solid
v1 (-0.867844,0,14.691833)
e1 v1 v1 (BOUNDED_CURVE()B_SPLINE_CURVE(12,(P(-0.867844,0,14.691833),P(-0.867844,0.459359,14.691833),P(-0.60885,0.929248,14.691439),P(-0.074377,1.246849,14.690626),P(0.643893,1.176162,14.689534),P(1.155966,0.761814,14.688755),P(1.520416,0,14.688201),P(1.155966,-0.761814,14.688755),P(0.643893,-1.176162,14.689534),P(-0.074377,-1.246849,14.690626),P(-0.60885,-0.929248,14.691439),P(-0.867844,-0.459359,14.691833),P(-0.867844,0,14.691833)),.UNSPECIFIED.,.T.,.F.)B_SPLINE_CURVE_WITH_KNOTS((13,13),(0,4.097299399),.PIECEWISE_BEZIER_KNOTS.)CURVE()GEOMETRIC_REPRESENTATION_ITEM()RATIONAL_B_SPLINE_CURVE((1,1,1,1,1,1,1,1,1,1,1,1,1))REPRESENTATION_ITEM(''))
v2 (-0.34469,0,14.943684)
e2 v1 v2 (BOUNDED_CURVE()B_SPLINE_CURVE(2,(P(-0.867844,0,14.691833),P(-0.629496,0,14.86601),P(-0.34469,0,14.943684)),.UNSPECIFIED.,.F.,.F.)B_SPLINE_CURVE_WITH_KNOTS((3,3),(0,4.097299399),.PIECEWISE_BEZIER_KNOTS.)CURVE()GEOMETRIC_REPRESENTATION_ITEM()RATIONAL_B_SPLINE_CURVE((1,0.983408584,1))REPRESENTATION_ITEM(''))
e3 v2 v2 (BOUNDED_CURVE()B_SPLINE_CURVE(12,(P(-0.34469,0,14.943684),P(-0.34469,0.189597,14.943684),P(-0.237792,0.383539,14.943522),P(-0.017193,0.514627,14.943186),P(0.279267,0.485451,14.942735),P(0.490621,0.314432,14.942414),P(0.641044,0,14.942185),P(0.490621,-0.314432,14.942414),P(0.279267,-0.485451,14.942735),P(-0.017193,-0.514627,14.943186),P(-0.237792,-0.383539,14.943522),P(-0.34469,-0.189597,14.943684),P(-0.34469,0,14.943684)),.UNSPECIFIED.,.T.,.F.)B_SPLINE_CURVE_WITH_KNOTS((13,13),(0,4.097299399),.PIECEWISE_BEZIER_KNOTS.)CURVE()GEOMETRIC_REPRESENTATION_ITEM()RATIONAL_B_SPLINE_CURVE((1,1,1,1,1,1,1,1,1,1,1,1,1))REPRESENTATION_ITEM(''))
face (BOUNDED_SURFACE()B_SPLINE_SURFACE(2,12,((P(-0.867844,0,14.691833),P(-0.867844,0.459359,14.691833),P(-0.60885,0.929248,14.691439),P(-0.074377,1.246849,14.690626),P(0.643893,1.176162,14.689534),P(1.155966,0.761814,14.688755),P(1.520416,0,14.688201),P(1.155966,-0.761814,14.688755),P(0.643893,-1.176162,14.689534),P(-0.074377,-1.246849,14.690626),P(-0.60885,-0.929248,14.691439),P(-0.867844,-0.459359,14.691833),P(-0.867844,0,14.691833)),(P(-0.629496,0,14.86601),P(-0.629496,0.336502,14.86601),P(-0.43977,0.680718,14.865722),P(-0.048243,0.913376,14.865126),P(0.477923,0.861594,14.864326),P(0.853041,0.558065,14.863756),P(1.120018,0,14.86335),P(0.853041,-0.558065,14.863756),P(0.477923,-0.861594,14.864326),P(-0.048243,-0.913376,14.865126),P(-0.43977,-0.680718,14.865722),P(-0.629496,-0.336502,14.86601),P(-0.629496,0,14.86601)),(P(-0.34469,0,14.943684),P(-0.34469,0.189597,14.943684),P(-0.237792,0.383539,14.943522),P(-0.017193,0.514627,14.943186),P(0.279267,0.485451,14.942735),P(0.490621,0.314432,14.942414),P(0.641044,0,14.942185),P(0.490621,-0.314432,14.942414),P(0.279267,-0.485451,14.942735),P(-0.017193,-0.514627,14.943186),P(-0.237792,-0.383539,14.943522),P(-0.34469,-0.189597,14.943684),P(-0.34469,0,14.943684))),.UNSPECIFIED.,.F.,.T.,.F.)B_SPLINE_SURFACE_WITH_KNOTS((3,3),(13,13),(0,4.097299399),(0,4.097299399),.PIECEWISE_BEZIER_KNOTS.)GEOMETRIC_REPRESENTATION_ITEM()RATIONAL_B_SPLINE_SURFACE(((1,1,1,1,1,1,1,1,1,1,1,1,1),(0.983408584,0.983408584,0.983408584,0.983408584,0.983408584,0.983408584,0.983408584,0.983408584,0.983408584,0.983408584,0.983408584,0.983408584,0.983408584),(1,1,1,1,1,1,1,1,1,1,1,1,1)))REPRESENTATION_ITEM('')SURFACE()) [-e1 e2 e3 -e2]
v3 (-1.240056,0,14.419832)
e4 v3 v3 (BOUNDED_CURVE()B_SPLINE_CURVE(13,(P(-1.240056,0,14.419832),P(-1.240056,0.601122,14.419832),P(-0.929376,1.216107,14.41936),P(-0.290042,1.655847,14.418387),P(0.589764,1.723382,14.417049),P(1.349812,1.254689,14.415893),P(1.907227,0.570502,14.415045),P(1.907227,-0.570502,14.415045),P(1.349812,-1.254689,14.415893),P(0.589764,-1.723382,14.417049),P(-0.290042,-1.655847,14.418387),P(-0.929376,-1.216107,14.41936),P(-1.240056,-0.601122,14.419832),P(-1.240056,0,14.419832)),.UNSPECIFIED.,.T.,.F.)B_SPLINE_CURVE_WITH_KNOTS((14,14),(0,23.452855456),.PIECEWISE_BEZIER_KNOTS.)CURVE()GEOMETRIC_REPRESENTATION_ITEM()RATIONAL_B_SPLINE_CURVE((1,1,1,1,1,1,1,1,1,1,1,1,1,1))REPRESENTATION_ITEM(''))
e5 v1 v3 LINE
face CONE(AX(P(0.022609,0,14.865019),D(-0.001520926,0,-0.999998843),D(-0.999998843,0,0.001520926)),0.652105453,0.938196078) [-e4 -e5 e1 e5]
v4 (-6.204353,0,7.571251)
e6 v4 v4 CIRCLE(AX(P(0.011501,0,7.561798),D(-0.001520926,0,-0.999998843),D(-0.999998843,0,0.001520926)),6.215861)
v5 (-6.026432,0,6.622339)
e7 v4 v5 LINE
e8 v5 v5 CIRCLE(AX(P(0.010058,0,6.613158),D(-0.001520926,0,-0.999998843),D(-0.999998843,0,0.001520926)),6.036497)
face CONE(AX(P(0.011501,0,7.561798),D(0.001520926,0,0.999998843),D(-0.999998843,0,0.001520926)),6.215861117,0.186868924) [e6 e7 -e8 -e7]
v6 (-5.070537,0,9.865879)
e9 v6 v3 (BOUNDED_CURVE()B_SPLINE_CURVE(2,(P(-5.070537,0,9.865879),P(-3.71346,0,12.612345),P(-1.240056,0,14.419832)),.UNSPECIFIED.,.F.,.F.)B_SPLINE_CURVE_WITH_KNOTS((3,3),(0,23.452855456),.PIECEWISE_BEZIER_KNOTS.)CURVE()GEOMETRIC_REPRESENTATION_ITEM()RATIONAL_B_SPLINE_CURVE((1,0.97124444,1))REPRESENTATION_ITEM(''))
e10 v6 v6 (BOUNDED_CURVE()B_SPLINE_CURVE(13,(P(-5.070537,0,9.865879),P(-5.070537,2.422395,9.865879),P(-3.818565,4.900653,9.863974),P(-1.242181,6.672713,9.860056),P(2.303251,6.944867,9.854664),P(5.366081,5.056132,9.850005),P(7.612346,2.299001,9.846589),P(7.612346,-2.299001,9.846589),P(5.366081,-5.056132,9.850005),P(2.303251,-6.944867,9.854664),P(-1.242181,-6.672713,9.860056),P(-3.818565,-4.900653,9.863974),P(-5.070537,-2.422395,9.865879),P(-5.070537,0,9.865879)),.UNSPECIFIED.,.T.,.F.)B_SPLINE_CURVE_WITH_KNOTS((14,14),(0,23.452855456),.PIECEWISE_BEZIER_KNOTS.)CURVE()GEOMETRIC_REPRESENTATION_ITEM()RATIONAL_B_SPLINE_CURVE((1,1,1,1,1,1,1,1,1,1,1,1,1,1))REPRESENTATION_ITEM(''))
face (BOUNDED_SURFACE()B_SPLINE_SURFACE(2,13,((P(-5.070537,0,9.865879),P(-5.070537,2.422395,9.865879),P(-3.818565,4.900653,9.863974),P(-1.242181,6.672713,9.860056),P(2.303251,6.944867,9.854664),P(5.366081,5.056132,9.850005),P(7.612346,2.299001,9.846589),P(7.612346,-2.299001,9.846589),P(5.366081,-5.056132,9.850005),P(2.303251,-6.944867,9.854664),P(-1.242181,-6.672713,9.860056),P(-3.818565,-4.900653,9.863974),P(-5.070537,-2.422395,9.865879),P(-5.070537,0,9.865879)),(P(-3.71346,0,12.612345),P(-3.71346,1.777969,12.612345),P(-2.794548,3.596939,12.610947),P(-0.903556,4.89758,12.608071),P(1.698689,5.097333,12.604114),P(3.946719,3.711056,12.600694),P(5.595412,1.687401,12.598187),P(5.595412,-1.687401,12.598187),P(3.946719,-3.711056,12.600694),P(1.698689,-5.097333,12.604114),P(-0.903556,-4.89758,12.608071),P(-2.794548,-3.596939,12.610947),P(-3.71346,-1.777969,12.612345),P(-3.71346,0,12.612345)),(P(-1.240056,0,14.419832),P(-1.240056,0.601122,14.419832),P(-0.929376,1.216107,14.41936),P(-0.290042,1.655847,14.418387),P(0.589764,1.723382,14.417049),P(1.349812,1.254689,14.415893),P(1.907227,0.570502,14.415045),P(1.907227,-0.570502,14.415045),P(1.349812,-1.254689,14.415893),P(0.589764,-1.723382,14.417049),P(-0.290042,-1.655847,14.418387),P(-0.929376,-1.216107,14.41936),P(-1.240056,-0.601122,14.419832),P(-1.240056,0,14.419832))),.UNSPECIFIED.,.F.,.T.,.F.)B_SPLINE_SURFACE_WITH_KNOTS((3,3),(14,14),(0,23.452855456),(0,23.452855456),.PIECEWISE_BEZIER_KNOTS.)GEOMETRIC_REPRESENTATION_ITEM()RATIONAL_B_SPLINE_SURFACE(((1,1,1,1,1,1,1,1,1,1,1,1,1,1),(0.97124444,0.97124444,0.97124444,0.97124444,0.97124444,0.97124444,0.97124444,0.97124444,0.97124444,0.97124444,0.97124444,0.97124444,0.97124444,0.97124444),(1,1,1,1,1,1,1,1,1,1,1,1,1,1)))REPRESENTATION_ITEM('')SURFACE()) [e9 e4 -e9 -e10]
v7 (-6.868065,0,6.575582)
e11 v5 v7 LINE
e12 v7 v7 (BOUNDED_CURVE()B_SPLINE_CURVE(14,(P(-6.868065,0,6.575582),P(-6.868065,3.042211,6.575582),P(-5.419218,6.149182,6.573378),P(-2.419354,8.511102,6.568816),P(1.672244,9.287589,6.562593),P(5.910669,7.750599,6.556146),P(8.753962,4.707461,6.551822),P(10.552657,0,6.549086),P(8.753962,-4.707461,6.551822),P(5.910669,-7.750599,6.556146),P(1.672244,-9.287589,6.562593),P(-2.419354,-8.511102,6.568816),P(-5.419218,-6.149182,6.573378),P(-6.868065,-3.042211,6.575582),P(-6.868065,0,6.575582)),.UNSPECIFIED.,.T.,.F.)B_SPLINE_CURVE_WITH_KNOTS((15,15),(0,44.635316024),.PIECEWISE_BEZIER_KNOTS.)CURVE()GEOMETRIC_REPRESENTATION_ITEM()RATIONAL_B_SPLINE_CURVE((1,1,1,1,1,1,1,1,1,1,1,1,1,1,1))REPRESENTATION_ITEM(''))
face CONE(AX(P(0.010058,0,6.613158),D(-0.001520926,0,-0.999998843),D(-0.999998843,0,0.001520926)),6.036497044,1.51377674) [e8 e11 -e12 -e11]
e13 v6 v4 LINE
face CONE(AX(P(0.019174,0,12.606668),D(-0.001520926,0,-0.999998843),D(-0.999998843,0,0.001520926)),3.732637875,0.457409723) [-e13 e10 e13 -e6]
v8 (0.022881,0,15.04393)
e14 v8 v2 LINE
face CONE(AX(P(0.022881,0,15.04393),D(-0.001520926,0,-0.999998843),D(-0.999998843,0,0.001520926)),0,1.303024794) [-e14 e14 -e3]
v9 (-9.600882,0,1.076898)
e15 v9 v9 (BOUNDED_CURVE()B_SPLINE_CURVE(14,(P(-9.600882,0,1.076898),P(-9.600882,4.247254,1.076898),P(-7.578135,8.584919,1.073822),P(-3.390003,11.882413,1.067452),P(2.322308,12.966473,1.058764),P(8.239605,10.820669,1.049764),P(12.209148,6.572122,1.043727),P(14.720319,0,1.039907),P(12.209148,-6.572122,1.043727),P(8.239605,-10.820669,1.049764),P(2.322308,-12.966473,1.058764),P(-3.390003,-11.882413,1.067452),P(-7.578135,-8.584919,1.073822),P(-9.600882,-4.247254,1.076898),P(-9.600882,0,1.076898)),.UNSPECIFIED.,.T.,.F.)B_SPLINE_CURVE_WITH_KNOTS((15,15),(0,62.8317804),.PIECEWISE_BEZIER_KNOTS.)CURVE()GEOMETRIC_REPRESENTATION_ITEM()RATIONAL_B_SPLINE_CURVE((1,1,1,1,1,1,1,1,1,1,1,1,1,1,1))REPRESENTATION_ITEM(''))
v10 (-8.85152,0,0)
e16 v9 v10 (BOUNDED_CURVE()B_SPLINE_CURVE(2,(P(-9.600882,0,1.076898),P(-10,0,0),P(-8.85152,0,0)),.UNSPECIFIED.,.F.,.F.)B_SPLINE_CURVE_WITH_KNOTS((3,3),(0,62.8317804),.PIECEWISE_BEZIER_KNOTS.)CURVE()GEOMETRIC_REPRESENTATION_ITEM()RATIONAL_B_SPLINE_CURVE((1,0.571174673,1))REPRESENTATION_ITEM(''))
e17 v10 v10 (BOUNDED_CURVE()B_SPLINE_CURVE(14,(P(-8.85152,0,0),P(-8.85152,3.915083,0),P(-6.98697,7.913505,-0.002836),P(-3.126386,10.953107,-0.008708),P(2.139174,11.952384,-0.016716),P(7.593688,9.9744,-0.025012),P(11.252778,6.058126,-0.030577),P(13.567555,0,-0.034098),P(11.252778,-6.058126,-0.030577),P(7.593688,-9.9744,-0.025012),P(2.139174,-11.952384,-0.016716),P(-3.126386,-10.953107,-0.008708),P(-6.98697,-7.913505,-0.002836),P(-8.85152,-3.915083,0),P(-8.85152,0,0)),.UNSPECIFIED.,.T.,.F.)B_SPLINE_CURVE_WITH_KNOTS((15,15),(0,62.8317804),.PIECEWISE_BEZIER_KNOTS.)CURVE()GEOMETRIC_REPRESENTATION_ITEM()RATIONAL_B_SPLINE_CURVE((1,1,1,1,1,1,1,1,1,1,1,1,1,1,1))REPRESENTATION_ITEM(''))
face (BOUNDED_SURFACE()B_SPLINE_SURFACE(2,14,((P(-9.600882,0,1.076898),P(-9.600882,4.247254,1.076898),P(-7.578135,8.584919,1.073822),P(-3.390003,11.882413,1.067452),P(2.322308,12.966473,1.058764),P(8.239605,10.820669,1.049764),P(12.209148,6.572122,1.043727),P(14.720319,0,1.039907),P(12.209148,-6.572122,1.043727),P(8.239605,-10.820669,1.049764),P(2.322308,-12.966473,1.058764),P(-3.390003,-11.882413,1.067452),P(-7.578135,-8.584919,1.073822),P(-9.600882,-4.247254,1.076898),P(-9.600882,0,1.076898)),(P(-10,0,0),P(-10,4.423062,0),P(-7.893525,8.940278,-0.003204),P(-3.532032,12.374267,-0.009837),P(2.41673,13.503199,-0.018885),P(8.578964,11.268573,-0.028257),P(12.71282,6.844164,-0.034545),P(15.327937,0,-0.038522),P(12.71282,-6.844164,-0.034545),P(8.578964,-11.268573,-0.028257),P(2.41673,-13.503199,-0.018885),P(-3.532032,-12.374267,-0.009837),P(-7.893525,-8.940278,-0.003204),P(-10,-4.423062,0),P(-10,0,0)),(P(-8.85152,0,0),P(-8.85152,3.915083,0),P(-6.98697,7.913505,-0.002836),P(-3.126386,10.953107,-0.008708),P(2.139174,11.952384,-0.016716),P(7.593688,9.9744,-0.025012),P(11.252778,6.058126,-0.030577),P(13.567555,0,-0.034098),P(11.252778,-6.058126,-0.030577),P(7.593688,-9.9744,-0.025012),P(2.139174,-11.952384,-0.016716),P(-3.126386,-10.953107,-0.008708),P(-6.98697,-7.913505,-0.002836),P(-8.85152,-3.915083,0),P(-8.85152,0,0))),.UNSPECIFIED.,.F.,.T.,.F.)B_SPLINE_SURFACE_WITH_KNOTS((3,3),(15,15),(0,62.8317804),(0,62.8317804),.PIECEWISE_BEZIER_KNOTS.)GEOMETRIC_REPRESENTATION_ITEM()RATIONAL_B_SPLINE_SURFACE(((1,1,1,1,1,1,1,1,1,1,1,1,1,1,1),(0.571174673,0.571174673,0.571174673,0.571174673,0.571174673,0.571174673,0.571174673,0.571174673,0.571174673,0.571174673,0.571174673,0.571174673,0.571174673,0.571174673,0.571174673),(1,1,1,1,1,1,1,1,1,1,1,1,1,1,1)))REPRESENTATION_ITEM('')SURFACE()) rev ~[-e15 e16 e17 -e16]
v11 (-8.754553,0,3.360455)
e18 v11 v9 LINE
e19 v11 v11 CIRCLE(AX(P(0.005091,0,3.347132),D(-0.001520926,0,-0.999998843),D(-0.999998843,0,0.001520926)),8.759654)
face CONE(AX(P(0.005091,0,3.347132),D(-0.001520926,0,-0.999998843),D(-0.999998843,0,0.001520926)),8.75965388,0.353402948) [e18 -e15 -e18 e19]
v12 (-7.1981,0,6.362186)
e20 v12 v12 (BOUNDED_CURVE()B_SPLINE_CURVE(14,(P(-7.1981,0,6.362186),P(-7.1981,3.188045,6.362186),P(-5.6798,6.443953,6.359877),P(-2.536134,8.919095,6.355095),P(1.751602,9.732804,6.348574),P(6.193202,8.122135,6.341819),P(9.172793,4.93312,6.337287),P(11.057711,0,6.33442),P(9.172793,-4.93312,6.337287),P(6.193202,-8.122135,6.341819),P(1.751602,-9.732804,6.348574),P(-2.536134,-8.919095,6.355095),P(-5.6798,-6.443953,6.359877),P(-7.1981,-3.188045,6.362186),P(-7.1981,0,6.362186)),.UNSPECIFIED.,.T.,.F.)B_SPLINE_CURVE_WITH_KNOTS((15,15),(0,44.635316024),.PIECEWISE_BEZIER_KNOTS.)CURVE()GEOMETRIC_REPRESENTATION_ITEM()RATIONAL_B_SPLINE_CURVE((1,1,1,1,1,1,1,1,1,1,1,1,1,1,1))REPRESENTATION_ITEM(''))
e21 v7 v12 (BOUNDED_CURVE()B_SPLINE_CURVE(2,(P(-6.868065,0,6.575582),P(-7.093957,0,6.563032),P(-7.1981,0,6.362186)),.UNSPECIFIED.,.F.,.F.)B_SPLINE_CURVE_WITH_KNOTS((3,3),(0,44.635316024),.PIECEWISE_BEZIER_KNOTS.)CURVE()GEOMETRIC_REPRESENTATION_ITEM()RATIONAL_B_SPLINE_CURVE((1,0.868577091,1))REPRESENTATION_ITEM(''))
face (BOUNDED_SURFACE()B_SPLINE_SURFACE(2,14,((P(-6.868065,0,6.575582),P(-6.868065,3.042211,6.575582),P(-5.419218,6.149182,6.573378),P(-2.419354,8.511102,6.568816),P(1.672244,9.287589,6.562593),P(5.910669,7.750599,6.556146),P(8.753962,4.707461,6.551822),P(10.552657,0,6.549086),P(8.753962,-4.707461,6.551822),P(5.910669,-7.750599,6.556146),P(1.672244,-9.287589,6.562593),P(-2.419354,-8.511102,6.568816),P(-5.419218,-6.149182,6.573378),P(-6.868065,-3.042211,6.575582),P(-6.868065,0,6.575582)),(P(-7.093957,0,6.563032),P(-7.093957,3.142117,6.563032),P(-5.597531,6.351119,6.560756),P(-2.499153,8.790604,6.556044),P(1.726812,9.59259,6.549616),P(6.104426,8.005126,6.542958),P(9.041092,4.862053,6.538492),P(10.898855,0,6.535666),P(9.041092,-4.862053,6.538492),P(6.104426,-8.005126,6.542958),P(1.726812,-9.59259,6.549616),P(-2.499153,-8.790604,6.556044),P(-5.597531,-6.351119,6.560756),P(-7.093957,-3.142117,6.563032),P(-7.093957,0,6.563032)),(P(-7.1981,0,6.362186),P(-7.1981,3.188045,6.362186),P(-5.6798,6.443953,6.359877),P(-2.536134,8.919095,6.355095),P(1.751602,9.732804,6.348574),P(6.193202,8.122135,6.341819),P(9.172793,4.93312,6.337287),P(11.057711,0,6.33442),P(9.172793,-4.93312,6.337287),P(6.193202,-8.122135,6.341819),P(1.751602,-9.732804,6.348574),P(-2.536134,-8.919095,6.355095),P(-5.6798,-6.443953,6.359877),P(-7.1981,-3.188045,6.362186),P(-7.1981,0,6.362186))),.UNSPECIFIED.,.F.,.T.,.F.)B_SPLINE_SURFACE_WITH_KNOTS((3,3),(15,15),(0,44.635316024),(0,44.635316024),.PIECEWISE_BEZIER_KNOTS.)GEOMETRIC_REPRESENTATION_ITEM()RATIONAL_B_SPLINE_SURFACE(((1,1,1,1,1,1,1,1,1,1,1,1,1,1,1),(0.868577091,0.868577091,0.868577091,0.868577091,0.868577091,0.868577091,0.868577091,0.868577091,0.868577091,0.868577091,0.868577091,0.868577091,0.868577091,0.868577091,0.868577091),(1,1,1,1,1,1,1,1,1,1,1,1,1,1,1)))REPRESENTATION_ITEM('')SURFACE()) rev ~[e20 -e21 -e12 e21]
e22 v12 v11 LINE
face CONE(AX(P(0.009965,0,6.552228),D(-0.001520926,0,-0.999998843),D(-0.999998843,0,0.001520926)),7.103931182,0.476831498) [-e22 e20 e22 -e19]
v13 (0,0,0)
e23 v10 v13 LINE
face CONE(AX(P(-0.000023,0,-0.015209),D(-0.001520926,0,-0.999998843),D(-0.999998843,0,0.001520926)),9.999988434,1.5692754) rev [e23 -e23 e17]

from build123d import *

# Parameters (mm, degrees)
F2_R = 0.3965414096
F3_R = 12.4970770477
F4_R = 1.6003475674
F5_R = 0.7991710891


with BuildPart() as f1:
    # F0 (on Front) → F1 (revolve)
    with BuildSketch(Plane.XZ):
        Polygon((-10, 0), (0, 0), (0.0228807389, 15.0439304168), (-0.6294960716, 14.86601048), (-3.7134597207, 12.6123450477), (-6.2043529757, 7.5712513959), (-6.0264319226, 6.6223393607), (-7.093957497, 6.563032219), (-8.7545530004, 3.3604551237), align=None)
    revolve(axis=Axis((0.0114403694, 0, 7.5219652084), (-0.0015209265, 0, -0.9999988434)))

    # F2
    f2_edges = [f1.edges().sort_by_distance(p)[0] for p in [
        (7.113888, 0, 6.541423),
    ]]
    fillet(f2_edges, radius=F2_R)

    # F3
    f3_edges = [f1.edges().sort_by_distance(p)[0] for p in [
        (3.751807, 0, 12.600991),
    ]]
    fillet(f3_edges, radius=F3_R)

    # F4
    f4_edges = [f1.edges().sort_by_distance(p)[0] for p in [
        (0.674713, 0, 14.864027),
    ]]
    fillet(f4_edges, radius=F4_R)

    # F5
    f5_edges = [f1.edges().sort_by_distance(p)[0] for p in [
        (9.999954, 0, -0.030418),
    ]]
    fillet(f5_edges, radius=F5_R)


solid = f1.part
